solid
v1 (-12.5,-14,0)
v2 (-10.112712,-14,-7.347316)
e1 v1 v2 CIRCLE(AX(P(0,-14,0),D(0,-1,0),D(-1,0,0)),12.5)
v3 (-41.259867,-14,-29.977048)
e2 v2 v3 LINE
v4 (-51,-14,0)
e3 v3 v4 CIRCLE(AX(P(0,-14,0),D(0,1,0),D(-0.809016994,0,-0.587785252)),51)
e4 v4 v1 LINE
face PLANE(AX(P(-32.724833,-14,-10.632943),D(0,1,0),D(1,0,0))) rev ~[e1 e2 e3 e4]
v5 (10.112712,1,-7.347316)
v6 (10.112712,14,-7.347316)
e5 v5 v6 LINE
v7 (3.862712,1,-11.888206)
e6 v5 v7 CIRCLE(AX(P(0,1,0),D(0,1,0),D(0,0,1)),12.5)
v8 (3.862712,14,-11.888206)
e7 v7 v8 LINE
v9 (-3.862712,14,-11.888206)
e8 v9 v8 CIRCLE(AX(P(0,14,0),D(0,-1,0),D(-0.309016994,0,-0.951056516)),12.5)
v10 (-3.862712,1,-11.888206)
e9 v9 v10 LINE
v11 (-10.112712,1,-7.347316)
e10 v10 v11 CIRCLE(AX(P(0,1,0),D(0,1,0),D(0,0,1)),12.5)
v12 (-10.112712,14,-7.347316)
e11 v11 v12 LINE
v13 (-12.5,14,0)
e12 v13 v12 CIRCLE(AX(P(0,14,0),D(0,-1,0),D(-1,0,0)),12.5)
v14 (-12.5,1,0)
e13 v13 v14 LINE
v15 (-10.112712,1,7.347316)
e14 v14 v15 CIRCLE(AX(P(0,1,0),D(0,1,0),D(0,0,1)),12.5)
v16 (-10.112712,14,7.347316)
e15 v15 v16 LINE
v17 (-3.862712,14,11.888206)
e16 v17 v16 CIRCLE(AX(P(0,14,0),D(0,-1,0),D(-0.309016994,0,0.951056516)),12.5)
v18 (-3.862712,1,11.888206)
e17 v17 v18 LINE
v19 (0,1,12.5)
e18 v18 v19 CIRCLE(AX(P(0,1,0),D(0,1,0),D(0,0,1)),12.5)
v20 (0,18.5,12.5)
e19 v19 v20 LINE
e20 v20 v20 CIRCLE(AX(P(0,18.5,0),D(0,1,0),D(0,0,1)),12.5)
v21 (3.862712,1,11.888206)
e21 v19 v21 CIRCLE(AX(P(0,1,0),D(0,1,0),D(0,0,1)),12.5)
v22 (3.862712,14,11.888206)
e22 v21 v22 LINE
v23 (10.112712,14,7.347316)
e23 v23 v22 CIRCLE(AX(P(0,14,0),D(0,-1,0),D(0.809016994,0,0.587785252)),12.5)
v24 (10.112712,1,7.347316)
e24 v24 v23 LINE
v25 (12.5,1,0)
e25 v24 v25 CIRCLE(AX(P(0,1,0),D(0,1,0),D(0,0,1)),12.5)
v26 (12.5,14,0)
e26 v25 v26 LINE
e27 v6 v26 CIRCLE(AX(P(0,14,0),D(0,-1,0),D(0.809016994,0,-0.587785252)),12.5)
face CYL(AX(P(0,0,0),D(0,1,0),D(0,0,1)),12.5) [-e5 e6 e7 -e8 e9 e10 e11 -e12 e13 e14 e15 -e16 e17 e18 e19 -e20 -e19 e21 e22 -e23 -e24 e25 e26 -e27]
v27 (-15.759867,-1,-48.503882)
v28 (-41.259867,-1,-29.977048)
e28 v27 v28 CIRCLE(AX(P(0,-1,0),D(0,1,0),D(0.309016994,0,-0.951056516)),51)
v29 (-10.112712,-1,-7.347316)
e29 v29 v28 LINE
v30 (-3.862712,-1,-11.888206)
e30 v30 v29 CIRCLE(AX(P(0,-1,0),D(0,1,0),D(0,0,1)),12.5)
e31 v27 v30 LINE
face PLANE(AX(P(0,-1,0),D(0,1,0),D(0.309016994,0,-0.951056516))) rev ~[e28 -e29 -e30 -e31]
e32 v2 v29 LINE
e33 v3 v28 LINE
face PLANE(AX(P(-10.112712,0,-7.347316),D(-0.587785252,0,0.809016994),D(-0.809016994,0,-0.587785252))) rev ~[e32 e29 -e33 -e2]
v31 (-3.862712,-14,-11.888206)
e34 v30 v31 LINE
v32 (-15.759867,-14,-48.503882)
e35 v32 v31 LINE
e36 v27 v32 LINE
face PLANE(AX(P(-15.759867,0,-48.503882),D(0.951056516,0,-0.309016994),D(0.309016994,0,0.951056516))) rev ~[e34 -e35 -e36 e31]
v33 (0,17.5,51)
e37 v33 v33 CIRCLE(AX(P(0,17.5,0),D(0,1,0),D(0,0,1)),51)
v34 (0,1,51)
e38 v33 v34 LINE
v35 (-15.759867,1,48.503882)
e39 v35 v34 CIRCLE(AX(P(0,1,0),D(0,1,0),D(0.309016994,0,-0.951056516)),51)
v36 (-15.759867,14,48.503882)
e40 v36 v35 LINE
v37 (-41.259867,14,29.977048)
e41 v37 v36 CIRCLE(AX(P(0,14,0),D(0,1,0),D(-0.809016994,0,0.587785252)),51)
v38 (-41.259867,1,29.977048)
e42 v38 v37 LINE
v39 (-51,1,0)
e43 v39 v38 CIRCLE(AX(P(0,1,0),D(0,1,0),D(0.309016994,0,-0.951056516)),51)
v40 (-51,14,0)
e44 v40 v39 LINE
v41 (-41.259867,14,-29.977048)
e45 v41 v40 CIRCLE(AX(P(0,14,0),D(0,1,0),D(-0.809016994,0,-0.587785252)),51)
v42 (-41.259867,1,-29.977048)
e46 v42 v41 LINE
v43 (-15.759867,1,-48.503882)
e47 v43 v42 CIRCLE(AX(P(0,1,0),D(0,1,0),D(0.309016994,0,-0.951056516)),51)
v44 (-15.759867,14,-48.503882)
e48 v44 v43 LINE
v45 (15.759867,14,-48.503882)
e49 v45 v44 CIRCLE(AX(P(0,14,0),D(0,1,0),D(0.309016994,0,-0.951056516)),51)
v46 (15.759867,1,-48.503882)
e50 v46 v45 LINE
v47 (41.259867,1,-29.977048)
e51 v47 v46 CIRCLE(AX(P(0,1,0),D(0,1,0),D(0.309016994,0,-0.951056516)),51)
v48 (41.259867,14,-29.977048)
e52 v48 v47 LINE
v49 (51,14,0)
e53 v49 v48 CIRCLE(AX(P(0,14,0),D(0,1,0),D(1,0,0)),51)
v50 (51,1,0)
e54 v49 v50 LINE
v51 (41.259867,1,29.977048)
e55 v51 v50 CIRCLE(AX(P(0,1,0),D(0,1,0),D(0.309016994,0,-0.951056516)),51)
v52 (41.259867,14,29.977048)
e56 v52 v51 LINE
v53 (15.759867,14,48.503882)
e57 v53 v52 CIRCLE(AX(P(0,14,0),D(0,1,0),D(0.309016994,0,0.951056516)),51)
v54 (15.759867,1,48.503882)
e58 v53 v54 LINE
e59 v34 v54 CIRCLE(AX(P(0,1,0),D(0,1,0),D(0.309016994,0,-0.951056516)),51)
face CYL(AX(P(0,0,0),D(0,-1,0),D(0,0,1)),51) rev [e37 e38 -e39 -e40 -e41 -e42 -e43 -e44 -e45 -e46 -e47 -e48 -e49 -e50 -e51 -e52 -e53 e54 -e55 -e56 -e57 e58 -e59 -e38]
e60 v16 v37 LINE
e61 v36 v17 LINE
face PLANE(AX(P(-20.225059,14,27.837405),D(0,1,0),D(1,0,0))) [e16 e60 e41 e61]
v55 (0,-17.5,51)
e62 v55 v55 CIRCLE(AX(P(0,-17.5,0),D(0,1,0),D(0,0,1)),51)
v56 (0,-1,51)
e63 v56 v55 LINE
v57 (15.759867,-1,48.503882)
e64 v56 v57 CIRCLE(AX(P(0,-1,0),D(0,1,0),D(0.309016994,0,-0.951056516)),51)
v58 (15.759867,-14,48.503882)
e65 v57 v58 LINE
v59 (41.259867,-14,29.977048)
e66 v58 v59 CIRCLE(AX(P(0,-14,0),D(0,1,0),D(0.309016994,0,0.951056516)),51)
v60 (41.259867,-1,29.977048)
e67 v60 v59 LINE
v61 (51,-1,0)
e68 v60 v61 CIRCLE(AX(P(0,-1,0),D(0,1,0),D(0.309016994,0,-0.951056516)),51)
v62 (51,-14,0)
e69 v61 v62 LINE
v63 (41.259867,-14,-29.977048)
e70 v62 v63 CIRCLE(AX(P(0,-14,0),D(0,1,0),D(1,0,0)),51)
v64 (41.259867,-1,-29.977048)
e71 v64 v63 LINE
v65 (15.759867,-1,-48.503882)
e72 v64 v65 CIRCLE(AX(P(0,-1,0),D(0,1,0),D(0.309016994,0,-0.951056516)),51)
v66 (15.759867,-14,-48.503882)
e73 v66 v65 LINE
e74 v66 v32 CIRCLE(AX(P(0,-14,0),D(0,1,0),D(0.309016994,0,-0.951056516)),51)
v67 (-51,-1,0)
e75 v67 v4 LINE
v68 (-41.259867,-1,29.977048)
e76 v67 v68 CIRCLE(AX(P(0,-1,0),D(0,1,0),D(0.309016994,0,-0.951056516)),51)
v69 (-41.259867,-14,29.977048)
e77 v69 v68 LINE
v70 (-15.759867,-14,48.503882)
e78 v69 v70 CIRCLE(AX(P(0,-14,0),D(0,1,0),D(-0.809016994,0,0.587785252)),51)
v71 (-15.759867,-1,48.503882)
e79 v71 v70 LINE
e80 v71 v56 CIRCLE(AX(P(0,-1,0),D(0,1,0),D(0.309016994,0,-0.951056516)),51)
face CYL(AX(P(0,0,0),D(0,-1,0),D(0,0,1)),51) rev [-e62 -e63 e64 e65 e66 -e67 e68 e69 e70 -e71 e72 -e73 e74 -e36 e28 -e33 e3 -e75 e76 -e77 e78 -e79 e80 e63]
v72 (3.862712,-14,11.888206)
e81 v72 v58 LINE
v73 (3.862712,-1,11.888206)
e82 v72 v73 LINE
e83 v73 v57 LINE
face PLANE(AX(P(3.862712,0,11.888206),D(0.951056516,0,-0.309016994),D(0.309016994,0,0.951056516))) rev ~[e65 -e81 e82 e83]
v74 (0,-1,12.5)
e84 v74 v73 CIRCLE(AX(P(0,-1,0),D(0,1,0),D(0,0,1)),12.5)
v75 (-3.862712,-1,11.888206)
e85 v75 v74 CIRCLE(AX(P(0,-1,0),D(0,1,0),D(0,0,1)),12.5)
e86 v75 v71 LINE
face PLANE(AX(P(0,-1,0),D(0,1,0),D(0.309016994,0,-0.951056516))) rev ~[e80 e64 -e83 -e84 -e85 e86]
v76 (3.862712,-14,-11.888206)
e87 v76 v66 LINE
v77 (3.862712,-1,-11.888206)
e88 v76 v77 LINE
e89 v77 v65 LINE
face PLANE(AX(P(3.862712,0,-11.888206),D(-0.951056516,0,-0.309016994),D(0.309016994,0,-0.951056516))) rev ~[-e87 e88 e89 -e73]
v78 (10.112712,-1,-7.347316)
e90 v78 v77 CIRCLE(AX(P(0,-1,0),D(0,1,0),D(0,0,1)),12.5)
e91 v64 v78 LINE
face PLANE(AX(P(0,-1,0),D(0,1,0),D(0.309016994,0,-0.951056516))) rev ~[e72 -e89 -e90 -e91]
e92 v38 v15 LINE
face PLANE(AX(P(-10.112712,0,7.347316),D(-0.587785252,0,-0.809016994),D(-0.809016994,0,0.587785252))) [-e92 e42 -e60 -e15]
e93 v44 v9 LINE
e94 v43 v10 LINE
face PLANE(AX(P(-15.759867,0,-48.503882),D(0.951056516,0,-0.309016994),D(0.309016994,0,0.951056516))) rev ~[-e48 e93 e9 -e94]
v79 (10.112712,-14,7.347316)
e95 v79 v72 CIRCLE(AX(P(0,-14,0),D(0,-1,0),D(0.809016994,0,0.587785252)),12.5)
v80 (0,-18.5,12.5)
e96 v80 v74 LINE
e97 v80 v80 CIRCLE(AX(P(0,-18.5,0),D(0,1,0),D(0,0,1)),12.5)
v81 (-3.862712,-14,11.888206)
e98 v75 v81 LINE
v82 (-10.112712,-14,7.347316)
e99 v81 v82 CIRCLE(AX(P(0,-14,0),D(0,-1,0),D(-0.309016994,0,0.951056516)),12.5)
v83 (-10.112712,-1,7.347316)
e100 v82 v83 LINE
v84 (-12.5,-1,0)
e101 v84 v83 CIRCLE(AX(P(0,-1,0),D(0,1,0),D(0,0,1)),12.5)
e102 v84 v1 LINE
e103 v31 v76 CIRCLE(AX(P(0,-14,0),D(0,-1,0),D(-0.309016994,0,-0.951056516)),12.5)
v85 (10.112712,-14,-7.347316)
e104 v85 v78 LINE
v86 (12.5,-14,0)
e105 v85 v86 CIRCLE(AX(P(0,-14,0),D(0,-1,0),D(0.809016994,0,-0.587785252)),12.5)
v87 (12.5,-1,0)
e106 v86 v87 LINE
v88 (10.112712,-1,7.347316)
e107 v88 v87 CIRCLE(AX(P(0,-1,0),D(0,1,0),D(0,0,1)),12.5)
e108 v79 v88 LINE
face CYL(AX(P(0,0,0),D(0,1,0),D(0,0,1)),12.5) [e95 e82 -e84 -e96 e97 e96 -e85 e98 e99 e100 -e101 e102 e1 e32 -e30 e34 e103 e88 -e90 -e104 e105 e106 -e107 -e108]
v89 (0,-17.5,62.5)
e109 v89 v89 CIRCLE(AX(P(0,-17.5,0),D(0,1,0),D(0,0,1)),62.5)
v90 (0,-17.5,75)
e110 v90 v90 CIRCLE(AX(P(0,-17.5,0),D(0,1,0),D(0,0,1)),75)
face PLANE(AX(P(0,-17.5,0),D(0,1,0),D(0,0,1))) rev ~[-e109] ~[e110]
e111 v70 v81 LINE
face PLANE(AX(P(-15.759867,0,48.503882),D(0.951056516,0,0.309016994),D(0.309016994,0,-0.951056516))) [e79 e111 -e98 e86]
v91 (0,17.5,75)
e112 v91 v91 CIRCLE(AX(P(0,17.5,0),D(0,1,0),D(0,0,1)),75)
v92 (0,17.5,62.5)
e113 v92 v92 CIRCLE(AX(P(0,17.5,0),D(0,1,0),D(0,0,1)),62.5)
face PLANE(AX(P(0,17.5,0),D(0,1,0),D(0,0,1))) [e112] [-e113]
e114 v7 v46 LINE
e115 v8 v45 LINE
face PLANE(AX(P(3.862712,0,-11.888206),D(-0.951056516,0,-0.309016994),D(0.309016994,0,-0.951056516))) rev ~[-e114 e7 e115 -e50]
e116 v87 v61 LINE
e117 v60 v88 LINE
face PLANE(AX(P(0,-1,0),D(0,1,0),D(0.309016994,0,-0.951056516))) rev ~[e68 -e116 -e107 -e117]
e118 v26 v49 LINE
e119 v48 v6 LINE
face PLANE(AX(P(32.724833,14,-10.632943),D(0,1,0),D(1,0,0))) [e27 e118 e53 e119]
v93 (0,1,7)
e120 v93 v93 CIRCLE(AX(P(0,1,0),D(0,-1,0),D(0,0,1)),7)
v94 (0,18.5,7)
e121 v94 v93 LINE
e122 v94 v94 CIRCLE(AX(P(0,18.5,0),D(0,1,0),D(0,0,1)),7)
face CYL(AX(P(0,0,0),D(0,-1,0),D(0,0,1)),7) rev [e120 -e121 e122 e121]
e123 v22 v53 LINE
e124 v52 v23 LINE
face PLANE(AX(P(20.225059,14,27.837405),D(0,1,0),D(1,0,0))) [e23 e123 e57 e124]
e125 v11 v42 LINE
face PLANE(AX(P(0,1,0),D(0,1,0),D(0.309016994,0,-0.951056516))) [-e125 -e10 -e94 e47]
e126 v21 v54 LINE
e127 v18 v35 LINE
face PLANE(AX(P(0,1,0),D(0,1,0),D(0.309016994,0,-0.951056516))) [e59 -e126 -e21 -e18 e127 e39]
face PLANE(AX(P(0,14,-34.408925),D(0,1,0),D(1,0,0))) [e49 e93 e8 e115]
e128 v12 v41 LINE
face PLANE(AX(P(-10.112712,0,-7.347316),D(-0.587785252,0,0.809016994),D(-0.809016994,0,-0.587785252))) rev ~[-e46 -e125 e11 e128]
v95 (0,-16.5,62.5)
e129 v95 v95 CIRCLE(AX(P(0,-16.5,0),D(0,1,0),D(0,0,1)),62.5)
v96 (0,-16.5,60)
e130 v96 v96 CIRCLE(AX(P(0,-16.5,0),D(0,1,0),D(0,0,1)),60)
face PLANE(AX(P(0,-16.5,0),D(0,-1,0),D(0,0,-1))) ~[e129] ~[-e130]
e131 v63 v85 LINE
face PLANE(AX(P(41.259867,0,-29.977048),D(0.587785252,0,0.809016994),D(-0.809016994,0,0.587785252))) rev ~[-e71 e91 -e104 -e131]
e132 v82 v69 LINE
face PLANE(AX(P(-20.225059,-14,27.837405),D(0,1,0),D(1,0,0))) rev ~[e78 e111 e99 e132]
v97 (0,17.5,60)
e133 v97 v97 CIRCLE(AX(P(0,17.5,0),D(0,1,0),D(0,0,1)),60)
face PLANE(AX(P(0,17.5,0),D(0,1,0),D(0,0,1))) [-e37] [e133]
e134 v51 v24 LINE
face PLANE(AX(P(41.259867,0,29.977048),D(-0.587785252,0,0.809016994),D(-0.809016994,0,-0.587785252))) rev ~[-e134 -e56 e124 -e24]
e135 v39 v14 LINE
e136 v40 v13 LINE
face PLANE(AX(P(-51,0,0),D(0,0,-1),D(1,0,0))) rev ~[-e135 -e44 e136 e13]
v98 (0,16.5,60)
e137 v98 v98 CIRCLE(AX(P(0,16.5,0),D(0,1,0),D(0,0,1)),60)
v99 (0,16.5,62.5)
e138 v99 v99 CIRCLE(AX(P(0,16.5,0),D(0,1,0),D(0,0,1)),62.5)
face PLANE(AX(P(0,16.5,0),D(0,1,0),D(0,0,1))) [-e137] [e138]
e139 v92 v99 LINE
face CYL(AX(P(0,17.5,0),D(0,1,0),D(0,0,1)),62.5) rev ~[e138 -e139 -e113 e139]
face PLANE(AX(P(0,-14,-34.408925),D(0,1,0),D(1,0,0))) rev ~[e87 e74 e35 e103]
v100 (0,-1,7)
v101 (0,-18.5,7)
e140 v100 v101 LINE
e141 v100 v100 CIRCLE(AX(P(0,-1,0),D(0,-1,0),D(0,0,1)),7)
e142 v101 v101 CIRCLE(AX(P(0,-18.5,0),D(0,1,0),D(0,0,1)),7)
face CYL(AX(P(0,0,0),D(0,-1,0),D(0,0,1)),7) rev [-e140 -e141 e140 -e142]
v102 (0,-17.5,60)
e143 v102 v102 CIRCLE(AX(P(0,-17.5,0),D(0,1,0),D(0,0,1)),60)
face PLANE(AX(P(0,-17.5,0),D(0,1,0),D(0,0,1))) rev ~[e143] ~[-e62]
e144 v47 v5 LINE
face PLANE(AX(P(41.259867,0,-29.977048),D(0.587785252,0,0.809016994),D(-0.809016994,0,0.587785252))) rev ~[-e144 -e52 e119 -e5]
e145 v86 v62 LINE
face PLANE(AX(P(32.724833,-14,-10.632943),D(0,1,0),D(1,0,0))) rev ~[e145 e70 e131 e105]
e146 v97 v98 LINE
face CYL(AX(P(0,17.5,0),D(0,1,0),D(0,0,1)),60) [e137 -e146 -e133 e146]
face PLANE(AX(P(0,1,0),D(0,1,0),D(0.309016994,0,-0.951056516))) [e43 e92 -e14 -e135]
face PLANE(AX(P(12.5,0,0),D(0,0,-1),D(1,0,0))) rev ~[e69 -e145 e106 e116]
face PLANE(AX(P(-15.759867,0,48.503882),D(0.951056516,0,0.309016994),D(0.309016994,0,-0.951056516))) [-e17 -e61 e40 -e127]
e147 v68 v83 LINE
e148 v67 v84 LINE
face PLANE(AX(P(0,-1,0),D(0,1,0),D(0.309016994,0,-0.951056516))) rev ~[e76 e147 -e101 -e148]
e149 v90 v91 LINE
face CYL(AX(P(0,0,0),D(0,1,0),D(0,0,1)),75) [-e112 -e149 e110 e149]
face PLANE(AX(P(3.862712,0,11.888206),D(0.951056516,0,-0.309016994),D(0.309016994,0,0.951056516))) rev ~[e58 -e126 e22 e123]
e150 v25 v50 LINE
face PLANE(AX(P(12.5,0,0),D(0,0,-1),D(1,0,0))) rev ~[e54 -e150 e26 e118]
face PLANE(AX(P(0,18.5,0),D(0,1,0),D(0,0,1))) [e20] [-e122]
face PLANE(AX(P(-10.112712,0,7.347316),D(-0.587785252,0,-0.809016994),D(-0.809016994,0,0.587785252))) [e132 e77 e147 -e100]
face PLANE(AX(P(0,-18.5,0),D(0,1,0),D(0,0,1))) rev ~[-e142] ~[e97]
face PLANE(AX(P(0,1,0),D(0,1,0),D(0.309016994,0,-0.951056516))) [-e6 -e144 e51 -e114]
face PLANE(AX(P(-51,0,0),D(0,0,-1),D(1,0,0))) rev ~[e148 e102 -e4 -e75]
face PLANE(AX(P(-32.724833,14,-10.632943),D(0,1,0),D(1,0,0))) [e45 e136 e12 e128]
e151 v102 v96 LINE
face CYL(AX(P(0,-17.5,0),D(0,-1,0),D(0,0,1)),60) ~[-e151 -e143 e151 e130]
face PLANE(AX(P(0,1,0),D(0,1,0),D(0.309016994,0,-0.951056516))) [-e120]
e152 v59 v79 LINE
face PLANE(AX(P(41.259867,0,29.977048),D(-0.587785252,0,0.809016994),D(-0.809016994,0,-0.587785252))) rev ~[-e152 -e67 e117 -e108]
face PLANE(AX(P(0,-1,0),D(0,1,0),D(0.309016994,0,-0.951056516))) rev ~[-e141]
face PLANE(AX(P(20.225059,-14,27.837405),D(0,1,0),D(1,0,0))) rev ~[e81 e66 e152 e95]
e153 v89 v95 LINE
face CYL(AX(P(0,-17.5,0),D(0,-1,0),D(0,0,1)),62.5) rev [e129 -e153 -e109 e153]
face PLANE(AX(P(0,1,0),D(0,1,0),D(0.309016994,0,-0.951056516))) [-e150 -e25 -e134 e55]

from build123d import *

# Parameters (mm, degrees)
SKETCH1_R           = 75
SKETCH1_R_2         = 51
BOSS_EXTRUDE1_DEPTH = 17.5
SKETCH2_R           = 12.5
SKETCH2_R_2         = 7
BOSS_EXTRUDE2_DEPTH = 18.5
BOSS_EXTRUDE3_DEPTH = 14
SKETCH6_R           = 51
BOSS_EXTRUDE6_DEPTH = 1
SKETCH7_R           = 62.5
SKETCH7_R_2         = 60
CUT_EXTRUDE1_DEPTH  = 1


with BuildPart() as part:
    # Sketch1 → Boss-Extrude1 (new, symmetric)
    with BuildSketch(Plane(origin=(0, 0, 0), x_dir=(1, 0, 0), z_dir=(0, 1, 0))):
        with Locations(Location((0, 0, 0), (0, 0, 270))):
            Circle(SKETCH1_R)
        with Locations(Location((0, 0, 0), (0, 0, 270))):
            Circle(SKETCH1_R_2, mode=Mode.SUBTRACT)
    extrude(amount=BOSS_EXTRUDE1_DEPTH, both=True)



with BuildPart() as body_2:
    # Sketch2 → Boss-Extrude2 (new, symmetric)
    with BuildSketch(Plane(origin=(0, 0, 0), x_dir=(1, 0, 0), z_dir=(0, 1, 0))):
        with Locations(Location((0, 0, 0), (0, 0, 270))):
            Circle(SKETCH2_R)
        with Locations(Location((0, 0, 0), (0, 0, 270))):
            Circle(SKETCH2_R_2, mode=Mode.SUBTRACT)
    extrude(amount=BOSS_EXTRUDE2_DEPTH, both=True)


with BuildPart() as part_1:
    add(part.part)

    add(body_2.part)  # Boss-Extrude3 merges body 2
    # Sketch3 → Boss-Extrude3 (add, symmetric)
    with BuildSketch(Plane(origin=(0, 0, 0), x_dir=(1, 0, 0), z_dir=(0, 1, 0))):
        with BuildLine():
            ThreePointArc((-12.5, 0), (-11.888206454, 3.86271243), (-10.11271243, 7.347315654))
            Line((-10.11271243, 7.347315654), (-41.259866713, 29.977047867))
            ThreePointArc((-41.259866713, 29.977047867), (-48.503882331, 15.759866713), (-51, 0))
            Line((-51, 0), (-12.5, 0))
        make_face()
        with BuildLine():
            ThreePointArc((-3.86271243, 11.888206454), (0, 12.5), (3.86271243, 11.888206454))
            Line((3.86271243, 11.888206454), (15.759866713, 48.503882331))
            ThreePointArc((15.759866713, 48.503882331), (0, 51), (-15.759866713, 48.503882331))
            Line((-15.759866713, 48.503882331), (-3.86271243, 11.888206454))
        make_face()
        with BuildLine():
            Line((41.259866713, 29.977047867), (10.11271243, 7.347315654))
            ThreePointArc((10.11271243, 7.347315654), (11.888206454, 3.86271243), (12.5, 0))
            Line((12.5, 0), (51, 0))
            ThreePointArc((51, 0), (48.503882331, 15.759866713), (41.259866713, 29.977047867))
        make_face()
        with BuildLine():
            Line((41.259866713, -29.977047867), (10.11271243, -7.347315654))
            ThreePointArc((10.11271243, -7.347315654), (7.347315654, -10.11271243), (3.86271243, -11.888206454))
            Line((3.86271243, -11.888206454), (15.759866713, -48.503882331))
            ThreePointArc((15.759866713, -48.503882331), (29.977047867, -41.259866713), (41.259866713, -29.977047867))
        make_face()
        with BuildLine():
            ThreePointArc((-3.86271243, -11.888206454), (-7.347315654, -10.11271243), (-10.11271243, -7.347315654))
            Line((-10.11271243, -7.347315654), (-41.259866713, -29.977047867))
            ThreePointArc((-41.259866713, -29.977047867), (-29.977047867, -41.259866713), (-15.759866713, -48.503882331))
            Line((-15.759866713, -48.503882331), (-3.86271243, -11.888206454))
        make_face()
    extrude(amount=BOSS_EXTRUDE3_DEPTH, both=True)

    # Sketch6 → Boss-Extrude6 (add, symmetric)
    with BuildSketch(Plane(origin=(0, 0, 0), x_dir=(1, 0, 0), z_dir=(0, 1, 0))):
        with Locations(Location((0, 0, 0), (0, 0, 72))):
            Circle(SKETCH6_R)
    extrude(amount=BOSS_EXTRUDE6_DEPTH, both=True)

    # Sketch7 → Cut-Extrude1 (cut)
    with BuildSketch(Plane(origin=(0, 17.5, 0), x_dir=(1, 0, 0), z_dir=(0, 1, 0))):
        with Locations(Location((0, 0, 0), (0, 0, 270))):
            Circle(SKETCH7_R)
        with Locations(Location((0, 0, 0), (0, 0, 270))):
            Circle(SKETCH7_R_2, mode=Mode.SUBTRACT)
    cut_extrude1 = extrude(amount=-CUT_EXTRUDE1_DEPTH, mode=Mode.SUBTRACT)

    # Mirror2: Cut-Extrude1 across plane
    add(cut_extrude1.mirror(Plane.ZX), mode=Mode.SUBTRACT)


solid = part_1.part
